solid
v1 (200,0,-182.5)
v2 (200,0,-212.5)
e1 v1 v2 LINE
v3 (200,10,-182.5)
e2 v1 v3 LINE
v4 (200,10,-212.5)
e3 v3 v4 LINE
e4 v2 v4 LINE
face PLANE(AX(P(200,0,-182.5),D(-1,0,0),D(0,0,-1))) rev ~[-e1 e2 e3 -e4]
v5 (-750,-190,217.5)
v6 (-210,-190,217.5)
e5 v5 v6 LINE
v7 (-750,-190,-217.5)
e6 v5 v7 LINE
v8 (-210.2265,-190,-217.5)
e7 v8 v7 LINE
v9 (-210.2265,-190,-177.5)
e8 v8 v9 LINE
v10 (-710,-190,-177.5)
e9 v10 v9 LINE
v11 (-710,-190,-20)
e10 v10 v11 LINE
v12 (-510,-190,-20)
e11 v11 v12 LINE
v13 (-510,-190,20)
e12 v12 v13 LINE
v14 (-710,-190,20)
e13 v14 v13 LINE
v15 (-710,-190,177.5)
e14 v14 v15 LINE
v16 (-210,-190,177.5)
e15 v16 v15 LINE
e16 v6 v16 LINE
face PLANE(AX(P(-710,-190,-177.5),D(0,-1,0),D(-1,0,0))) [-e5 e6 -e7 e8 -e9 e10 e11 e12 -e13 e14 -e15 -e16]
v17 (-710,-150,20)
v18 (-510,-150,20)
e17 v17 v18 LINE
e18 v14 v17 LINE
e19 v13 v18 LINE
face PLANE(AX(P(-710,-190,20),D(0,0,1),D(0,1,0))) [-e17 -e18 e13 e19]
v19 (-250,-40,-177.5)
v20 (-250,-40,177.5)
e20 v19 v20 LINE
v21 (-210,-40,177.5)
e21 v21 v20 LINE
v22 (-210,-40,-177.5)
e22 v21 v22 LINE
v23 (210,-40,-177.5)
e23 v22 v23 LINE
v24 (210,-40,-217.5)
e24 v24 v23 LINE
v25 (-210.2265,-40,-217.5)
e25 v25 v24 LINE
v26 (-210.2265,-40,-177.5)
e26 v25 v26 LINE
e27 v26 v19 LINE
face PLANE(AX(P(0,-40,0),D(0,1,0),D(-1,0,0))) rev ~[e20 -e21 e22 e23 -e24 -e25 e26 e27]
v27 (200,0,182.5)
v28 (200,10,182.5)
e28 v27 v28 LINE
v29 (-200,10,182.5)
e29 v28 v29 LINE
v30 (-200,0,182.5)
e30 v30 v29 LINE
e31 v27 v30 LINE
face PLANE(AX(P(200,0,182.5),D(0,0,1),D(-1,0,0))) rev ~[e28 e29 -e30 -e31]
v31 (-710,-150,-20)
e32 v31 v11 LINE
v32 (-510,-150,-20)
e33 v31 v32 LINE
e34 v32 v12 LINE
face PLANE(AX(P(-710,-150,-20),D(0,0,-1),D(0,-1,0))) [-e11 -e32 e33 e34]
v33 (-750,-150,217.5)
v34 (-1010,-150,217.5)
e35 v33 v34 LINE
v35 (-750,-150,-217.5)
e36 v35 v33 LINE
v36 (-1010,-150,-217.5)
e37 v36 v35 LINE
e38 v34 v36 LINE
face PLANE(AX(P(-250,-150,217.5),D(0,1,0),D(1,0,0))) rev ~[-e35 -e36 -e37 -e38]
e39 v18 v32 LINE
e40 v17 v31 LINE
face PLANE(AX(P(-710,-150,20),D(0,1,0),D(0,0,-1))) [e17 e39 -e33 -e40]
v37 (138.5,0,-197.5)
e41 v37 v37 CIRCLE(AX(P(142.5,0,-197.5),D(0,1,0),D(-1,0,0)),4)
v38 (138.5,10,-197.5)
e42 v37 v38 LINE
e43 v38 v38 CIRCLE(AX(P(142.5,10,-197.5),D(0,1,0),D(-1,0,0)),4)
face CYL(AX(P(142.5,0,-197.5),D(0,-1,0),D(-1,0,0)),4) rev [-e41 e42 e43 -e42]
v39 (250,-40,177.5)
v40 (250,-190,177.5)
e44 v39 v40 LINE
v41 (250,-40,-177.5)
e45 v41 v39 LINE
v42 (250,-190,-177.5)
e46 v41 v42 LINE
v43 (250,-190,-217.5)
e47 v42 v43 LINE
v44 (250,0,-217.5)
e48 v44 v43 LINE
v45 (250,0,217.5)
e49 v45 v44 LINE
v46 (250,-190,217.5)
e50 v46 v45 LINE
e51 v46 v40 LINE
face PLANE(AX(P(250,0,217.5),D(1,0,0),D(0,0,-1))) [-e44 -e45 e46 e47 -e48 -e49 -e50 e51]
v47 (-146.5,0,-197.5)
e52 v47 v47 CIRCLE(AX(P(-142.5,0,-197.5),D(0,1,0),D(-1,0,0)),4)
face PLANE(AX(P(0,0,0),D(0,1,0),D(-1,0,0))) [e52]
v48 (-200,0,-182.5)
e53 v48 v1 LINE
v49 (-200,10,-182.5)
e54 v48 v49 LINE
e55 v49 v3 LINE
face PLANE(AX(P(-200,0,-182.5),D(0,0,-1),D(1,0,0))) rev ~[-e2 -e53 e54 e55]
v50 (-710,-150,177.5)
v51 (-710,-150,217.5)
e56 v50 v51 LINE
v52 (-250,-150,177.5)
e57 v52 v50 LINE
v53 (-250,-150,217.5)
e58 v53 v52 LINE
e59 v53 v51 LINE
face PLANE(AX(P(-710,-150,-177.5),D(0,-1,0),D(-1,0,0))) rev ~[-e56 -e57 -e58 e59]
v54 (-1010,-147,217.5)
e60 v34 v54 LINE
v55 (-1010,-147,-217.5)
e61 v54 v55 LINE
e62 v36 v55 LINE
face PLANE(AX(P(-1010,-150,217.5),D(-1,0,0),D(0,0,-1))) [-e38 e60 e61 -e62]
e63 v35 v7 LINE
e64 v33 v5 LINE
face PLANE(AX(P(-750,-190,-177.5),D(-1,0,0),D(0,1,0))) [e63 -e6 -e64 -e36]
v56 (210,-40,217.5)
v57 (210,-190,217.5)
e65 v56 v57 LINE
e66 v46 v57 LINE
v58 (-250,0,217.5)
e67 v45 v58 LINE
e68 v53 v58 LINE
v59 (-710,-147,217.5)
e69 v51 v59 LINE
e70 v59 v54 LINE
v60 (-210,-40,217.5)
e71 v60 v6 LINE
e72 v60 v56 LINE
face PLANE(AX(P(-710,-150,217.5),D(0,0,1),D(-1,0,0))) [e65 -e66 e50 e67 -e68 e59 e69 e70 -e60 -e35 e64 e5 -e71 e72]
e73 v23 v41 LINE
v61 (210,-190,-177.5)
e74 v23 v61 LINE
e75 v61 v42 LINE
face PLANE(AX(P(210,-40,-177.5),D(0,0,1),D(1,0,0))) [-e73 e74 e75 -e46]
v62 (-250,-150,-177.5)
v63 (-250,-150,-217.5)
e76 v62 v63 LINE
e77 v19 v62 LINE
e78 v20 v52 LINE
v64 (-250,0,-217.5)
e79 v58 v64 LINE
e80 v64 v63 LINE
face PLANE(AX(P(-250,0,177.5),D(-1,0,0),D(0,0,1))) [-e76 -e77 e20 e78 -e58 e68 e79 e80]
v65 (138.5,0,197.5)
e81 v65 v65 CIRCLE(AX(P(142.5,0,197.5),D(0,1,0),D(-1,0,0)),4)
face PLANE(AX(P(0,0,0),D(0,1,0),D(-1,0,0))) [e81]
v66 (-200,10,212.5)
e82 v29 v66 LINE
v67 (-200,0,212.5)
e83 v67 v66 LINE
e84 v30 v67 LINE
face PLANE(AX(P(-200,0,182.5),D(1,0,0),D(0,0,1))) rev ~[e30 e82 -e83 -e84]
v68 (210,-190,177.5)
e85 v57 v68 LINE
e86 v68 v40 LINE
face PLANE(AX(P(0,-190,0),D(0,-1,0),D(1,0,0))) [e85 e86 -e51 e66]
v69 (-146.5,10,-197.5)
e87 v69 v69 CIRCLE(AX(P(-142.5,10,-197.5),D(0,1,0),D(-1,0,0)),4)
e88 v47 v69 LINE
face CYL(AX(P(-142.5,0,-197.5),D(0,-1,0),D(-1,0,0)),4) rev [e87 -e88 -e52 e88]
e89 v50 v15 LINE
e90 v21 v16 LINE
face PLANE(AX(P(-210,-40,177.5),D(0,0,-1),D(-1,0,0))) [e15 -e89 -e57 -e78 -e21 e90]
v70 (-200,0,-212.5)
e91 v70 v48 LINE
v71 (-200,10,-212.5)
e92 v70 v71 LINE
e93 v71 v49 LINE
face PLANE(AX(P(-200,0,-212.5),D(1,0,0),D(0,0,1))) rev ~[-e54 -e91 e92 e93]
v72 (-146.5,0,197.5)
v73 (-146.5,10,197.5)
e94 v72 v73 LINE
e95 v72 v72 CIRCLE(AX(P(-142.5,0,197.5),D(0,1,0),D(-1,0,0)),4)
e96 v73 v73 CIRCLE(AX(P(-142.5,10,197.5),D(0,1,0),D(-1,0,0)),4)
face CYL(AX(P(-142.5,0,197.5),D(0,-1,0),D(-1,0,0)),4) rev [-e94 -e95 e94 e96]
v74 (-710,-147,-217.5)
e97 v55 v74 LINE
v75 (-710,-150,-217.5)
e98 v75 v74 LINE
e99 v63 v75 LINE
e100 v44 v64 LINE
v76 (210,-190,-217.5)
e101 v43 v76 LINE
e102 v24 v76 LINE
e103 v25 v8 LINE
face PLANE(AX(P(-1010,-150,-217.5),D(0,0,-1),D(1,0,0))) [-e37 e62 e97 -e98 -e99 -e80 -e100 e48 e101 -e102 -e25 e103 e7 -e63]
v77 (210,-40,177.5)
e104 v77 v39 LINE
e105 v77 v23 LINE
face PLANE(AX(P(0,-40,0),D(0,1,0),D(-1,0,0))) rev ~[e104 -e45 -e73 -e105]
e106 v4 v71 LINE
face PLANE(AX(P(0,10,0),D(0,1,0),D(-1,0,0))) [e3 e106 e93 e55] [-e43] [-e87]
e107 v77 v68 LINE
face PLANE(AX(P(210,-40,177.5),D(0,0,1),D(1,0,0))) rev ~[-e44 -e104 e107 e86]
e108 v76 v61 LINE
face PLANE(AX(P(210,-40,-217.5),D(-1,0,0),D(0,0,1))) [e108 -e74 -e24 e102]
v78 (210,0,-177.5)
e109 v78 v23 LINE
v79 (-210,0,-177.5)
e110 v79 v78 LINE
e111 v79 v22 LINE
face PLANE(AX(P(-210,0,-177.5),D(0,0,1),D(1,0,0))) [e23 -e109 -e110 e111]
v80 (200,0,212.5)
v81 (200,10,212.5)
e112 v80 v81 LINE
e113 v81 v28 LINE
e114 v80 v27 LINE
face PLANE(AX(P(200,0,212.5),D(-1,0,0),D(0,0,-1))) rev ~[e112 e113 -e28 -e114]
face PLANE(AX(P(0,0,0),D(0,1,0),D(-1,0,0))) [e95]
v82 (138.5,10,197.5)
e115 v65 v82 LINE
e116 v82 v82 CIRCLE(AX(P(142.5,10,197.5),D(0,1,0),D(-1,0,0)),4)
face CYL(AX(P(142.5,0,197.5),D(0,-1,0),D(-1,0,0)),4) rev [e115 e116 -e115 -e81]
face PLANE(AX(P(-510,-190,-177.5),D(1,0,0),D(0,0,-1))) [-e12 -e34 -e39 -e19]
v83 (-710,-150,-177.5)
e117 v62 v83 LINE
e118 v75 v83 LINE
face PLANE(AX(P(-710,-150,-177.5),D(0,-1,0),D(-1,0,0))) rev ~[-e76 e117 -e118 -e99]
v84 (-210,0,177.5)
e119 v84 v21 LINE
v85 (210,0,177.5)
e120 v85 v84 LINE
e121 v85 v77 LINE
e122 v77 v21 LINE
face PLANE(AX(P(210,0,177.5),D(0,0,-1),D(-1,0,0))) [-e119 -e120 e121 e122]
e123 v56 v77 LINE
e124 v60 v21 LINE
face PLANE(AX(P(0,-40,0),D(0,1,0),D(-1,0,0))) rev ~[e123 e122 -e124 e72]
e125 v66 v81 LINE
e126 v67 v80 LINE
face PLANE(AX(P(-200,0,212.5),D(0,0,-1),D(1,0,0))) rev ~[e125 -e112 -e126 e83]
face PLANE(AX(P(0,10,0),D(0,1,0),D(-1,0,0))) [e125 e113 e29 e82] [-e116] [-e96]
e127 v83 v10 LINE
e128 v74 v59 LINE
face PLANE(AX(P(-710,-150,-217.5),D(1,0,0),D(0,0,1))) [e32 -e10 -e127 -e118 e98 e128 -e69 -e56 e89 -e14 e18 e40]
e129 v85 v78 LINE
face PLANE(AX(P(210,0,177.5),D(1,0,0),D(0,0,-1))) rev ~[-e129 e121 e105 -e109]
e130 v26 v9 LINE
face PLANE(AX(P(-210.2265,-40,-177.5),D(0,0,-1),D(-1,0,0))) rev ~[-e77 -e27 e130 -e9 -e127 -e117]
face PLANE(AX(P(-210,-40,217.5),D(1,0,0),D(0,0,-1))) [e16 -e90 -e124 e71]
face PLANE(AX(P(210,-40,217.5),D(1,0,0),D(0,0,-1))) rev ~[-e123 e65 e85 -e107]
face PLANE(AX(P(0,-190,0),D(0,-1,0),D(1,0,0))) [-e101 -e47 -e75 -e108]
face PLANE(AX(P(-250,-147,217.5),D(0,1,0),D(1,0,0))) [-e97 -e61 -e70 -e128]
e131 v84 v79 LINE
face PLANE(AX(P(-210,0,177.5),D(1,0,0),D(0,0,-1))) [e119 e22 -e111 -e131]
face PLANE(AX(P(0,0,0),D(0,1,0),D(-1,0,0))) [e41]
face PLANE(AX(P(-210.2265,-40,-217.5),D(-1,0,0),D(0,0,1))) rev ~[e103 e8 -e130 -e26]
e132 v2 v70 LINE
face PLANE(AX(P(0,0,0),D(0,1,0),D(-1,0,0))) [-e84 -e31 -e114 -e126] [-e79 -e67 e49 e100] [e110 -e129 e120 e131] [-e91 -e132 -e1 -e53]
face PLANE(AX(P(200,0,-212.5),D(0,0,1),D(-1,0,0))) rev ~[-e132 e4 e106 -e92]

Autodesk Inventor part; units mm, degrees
ref_plane "YZ Plane" through (0, 0, 0) normal (1, 0, 0) x (0, 1, 0)
ref_plane "XZ Plane" through (0, 0, 0) normal (0, 1, 0) x (-1, 0, 0)
ref_plane "XY Plane" through (0, 0, 0) normal (0, 0, 1) x (1, 0, 0)
sketch "Sketch1" plane through (0, 0, 0) normal (0, 1, 0) x (-1, 0, 0)
  line L0 (142.5, 197.5) -> (-142.5, 197.5) construction
  line L1 (-142.5, 197.5) -> (-142.5, -197.5) construction
  line L2 (-142.5, -197.5) -> (142.5, -197.5) construction
  line L3 (142.5, -197.5) -> (142.5, 197.5) construction
  line L4 (142.5, 197.5) -> (-142.5, -197.5) construction
  line L5 (-142.5, 197.5) -> (142.5, -197.5) construction
  line L6 (275, -235) -> (-275, -235) construction
  line L7 (-275, -235) -> (-275, 235) construction
  line L8 (-275, 235) -> (275, 235) construction
  line L9 (275, 235) -> (275, -235) construction
  line L10 (275, -235) -> (-275, 235) construction
  line L11 (-275, -235) -> (275, 235) construction
  line L12 (274.0052, -241.4689) -> (274.0052, -478.1407) construction
  line L13 (274.0052, -478.1407) -> (222.5538, -478.1407) construction
  line L14 (222.5538, -478.1407) -> (222.5538, -241.4689) construction
  line L15 (222.5538, -241.4689) -> (274.0052, -241.4689) construction
  line L16 (200, 212.5) -> (-200, 212.5)
  line L17 (-200, 212.5) -> (-200, 182.5)
  line L18 (-200, 182.5) -> (200, 182.5)
  line L19 (200, 182.5) -> (200, 212.5)
  line L20 (200, 212.5) -> (-200, 182.5) construction
  line L21 (-200, 212.5) -> (200, 182.5) construction
  line L22 (200, -182.5) -> (-200, -182.5)
  line L23 (-200, -182.5) -> (-200, -212.5)
  line L24 (-200, -212.5) -> (200, -212.5)
  line L25 (200, -212.5) -> (200, -182.5)
  line L26 (200, -182.5) -> (-200, -212.5) construction
  line L27 (-200, -182.5) -> (200, -212.5) construction
  circle A0 centre (142.5, 197.5) radius 4
  circle A1 centre (142.5, -197.5) radius 4
  circle A2 centre (-142.5, 197.5) radius 4
  circle A3 centre (-142.5, -197.5) radius 4
  point P0 (0, 0)
  point P1 (0, 197.5)
  point P2 (0, -197.5)
  dimension "d0" = 285
  dimension "d1" = 395
  dimension "d2" = 550
  dimension "d3" = 470
  dimension "d10" = 400
  dimension "d11" = 30
  dimension "d12" = 400
  dimension "d13" = 30
  dimension "d14" = 8
  dimension "d15" = 8
  dimension "d16" = 8
  dimension "d17" = 8
sketch "Sketch2" plane through (0, 0, 0) normal (0, 1, 0) x (-1, 0, 0)
  line L0 (142.5, 197.5) -> (-142.5, 197.5) construction
  line L1 (142.5, -197.5) -> (142.5, 197.5) construction
  line L2 (-142.5, -197.5) -> (142.5, -197.5) construction
  line L3 (-142.5, 197.5) -> (-142.5, -197.5) construction
  line L4 (250, 217.5) -> (-250, 217.5)
  line L5 (-250, 217.5) -> (-250, 177.5)
  line L6 (-250, 177.5) -> (250, 177.5)
  line L7 (250, 177.5) -> (250, 217.5)
  line L8 (250, 217.5) -> (-250, 177.5) construction
  line L9 (-250, 217.5) -> (250, 177.5) construction
  line L10 (250, -177.5) -> (-250, -177.5)
  line L11 (-250, -177.5) -> (-250, -217.5)
  line L12 (-250, -217.5) -> (250, -217.5)
  line L13 (250, -217.5) -> (250, -177.5)
  line L14 (250, -177.5) -> (-250, -217.5) construction
  line L15 (-250, -177.5) -> (250, -217.5) construction
  line L16 (250, 217.5) -> (210, 217.5)
  line L17 (210, 217.5) -> (210, -217.5)
  line L18 (210, -217.5) -> (250, -217.5)
  line L19 (250, -217.5) -> (250, 217.5)
  line L20 (-250, 217.5) -> (-210, 217.5)
  line L21 (-210, 217.5) -> (-210, -217.5)
  line L22 (-210, -217.5) -> (-250, -217.5)
  line L23 (-250, -217.5) -> (-250, 217.5)
  point P0 (0, 0)
  point P1 (0, 197.5)
  point P2 (0, -197.5)
  point P3 (210, -177.5)
  point P4 (-210, -177.5)
  point P5 (-210, 177.5)
  point P6 (210, 177.5)
  dimension "d4" = 500
  dimension "d5" = 40
  dimension "d6" = 500
  dimension "d7" = 40
  dimension "d8" = 40
  dimension "d9" = 40
extrude "Extrusion1" add sketch "Sketch2" against normal blind 40 contours L7 L6 L17 L4 | L17 L6 L21 L4 | L19 L10 L17 L6 | L21 L6 L5 L4 | L13 L12 L17 L10 | L21 L10 L23 L6 | L17 L12 L21 L10 | L21 L12 L11 L10
extrude "Extrusion2" add sketch "Sketch1" along normal blind 10
sketch "Sketch3" plane through (0, -40, 0) normal (0, -1, 0) x (1, 0, 0)
  line L0 (250, -217.5) -> (250, 217.5) construction
  line L1 (250, 217.5) -> (-250, 217.5) construction
  line L2 (-250, -217.5) -> (250, -217.5) construction
  line L3 (-250, 217.5) -> (-250, -217.5) construction
  line L4 (250, 217.5) -> (250, -217.5) projected
  line L5 (210, 177.5) -> (210, -177.5) projected
  line L6 (250, 217.5) -> (210, 217.5)
  line L7 (210, 217.5) -> (210, 177.5)
  line L8 (210, 177.5) -> (250, 177.5)
  line L9 (250, 177.5) -> (250, 217.5)
  line L10 (250, -217.5) -> (-250, -217.5) projected
  line L11 (210, -177.5) -> (250, -177.5)
  line L12 (250, -177.5) -> (250, -217.5)
  line L13 (250, -217.5) -> (210, -217.5)
  line L14 (210, -217.5) -> (210, -177.5)
  line L15 (-250, -217.5) -> (-210.2265, -217.5)
  line L16 (-210.2265, -217.5) -> (-210.2265, -177.5)
  line L17 (-210.2265, -177.5) -> (-250, -177.5)
  line L18 (-250, -177.5) -> (-250, -217.5)
  line L19 (-210, 177.5) -> (-210, -177.5) projected
  line L20 (-250, -217.5) -> (-250, 217.5) projected
  line L21 (-210, 177.5) -> (-250, 177.5)
  line L22 (-250, 177.5) -> (-250, 217.5)
  line L23 (-250, 217.5) -> (-210, 217.5)
  line L24 (-210, 217.5) -> (-210, 177.5)
  point P0 (0, 0)
extrude "Extrusion3" add sketch "Sketch3" along normal blind 150 contours L20 L23 L24 L21 | L10 L18 L17 L16 | L4 L8 L7 L6 | L4 L10 L14 L11
sketch "Sketch4" plane through (-250, 0, -217.5) normal (-1, 0, 0) x (0, 0, 1)
  line L0 (0, 0) -> (435, 0) construction
  line L1 (0, 0) -> (0, -190) construction
  line L2 (40, -190) -> (0, -190) construction
  line L3 (40, -40) -> (40, -190) construction
  line L4 (395, -40) -> (40, -40) construction
  line L5 (395, -40) -> (395, -190) construction
  line L6 (435, -190) -> (395, -190) construction
  line L7 (435, 0) -> (435, -190) construction
  line L8 (0, -40) -> (0, -190) projected
  line L9 (40, -40) -> (40, -190) projected
  line L10 (0, -190) -> (40, -190)
  line L11 (40, -190) -> (40, -150)
  line L12 (40, -150) -> (0, -150)
  line L13 (0, -150) -> (0, -190)
  line L14 (395, -40) -> (395, -190) projected
  line L15 (435, 0) -> (435, -190) projected
  line L16 (395, -190) -> (435, -190)
  line L17 (435, -190) -> (435, -150)
  line L18 (435, -150) -> (395, -150)
  line L19 (395, -150) -> (395, -190)
  point P0 (217.5, 0)
  dimension "d24" = 40
  dimension "d25" = 40
extrude "Extrusion4" add sketch "Sketch4" along normal blind 500
sketch "Sketch5" plane through (-250, -40, -177.5) normal (0, 0, 1) x (1, 0, 0)
  line L0 (0, 0) -> (39.7735, 0) construction
  line L1 (0, 0) -> (0, -110) construction
  line L2 (0, -110) -> (-500, -110) construction
  line L3 (-500, -150) -> (-500, -110) construction
  line L4 (39.7735, -150) -> (-500, -150) construction
  line L5 (39.7735, 0) -> (39.7735, -150) construction
  line L6 (0, -110) -> (-500, -110) projected
  line L7 (-500, -110) -> (-460, -110)
  line L8 (-460, -110) -> (-460, -150)
  line L9 (-460, -150) -> (-500, -150)
  line L10 (-500, -150) -> (-500, -110)
  point P0 (250, 40)
  dimension "d28" = 40
  dimension "d29" = 40
extrude "Extrusion5" add sketch "Sketch5" along normal up to surface (355 mm away)
sketch "Sketch6" plane through (-250, -150, 217.5) normal (0, 1, 0) x (1, 0, 0)
  line L0 (0, 40) -> (0, 0) construction
  line L1 (0, 40) -> (-460, 40) construction
  line L2 (-460, 395) -> (-460, 40) construction
  line L3 (0, 395) -> (-460, 395) construction
  line L4 (0, 435) -> (0, 395) construction
  line L5 (0, 435) -> (-500, 435) construction
  line L6 (-500, 0) -> (-500, 435) construction
  line L7 (0, 0) -> (-500, 0) construction
  line L8 (-460, 0) -> (-760, 0)
  line L9 (-760, 0) -> (-760, 435)
  line L10 (-760, 435) -> (-460, 435)
  line L11 (-460, 435) -> (-460, 0)
  point P0 (250, 217.5)
  dimension "d32" = 300
extrude "Extrusion6" add sketch "Sketch6" along normal blind 3
sketch "Sketch7" plane through (-710, -190, -177.5) normal (1, 0, 0) x (0, 0, -1)
  line L0 (-355, 0) -> (-355, 40) construction
  line L1 (0, 0) -> (-355, 0) construction
  line L2 (0, 40) -> (0, 0) construction
  line L3 (40, 40) -> (0, 40) construction
  line L4 (40, 40) -> (40, 43) construction
  line L5 (-395, 43) -> (40, 43) construction
  line L6 (-395, 40) -> (-395, 43) construction
  line L7 (-355, 40) -> (-395, 40) construction
  line L8 (-197.5, 40) -> (-157.5, 40)
  line L9 (-157.5, 40) -> (-157.5, 0)
  line L10 (-157.5, 0) -> (-197.5, 0)
  line L11 (-197.5, 0) -> (-197.5, 40)
  line L12 (-197.5, 40) -> (-157.5, 0) construction
  line L13 (-157.5, 40) -> (-197.5, 0) construction
  point P0 (-177.5, 190)
  point P1 (-177.5, 20)
  dimension "d35" = 40
  dimension "d36" = 40
extrude "Extrusion7" add sketch "Sketch7" along normal blind 200
properties part number "test1"
